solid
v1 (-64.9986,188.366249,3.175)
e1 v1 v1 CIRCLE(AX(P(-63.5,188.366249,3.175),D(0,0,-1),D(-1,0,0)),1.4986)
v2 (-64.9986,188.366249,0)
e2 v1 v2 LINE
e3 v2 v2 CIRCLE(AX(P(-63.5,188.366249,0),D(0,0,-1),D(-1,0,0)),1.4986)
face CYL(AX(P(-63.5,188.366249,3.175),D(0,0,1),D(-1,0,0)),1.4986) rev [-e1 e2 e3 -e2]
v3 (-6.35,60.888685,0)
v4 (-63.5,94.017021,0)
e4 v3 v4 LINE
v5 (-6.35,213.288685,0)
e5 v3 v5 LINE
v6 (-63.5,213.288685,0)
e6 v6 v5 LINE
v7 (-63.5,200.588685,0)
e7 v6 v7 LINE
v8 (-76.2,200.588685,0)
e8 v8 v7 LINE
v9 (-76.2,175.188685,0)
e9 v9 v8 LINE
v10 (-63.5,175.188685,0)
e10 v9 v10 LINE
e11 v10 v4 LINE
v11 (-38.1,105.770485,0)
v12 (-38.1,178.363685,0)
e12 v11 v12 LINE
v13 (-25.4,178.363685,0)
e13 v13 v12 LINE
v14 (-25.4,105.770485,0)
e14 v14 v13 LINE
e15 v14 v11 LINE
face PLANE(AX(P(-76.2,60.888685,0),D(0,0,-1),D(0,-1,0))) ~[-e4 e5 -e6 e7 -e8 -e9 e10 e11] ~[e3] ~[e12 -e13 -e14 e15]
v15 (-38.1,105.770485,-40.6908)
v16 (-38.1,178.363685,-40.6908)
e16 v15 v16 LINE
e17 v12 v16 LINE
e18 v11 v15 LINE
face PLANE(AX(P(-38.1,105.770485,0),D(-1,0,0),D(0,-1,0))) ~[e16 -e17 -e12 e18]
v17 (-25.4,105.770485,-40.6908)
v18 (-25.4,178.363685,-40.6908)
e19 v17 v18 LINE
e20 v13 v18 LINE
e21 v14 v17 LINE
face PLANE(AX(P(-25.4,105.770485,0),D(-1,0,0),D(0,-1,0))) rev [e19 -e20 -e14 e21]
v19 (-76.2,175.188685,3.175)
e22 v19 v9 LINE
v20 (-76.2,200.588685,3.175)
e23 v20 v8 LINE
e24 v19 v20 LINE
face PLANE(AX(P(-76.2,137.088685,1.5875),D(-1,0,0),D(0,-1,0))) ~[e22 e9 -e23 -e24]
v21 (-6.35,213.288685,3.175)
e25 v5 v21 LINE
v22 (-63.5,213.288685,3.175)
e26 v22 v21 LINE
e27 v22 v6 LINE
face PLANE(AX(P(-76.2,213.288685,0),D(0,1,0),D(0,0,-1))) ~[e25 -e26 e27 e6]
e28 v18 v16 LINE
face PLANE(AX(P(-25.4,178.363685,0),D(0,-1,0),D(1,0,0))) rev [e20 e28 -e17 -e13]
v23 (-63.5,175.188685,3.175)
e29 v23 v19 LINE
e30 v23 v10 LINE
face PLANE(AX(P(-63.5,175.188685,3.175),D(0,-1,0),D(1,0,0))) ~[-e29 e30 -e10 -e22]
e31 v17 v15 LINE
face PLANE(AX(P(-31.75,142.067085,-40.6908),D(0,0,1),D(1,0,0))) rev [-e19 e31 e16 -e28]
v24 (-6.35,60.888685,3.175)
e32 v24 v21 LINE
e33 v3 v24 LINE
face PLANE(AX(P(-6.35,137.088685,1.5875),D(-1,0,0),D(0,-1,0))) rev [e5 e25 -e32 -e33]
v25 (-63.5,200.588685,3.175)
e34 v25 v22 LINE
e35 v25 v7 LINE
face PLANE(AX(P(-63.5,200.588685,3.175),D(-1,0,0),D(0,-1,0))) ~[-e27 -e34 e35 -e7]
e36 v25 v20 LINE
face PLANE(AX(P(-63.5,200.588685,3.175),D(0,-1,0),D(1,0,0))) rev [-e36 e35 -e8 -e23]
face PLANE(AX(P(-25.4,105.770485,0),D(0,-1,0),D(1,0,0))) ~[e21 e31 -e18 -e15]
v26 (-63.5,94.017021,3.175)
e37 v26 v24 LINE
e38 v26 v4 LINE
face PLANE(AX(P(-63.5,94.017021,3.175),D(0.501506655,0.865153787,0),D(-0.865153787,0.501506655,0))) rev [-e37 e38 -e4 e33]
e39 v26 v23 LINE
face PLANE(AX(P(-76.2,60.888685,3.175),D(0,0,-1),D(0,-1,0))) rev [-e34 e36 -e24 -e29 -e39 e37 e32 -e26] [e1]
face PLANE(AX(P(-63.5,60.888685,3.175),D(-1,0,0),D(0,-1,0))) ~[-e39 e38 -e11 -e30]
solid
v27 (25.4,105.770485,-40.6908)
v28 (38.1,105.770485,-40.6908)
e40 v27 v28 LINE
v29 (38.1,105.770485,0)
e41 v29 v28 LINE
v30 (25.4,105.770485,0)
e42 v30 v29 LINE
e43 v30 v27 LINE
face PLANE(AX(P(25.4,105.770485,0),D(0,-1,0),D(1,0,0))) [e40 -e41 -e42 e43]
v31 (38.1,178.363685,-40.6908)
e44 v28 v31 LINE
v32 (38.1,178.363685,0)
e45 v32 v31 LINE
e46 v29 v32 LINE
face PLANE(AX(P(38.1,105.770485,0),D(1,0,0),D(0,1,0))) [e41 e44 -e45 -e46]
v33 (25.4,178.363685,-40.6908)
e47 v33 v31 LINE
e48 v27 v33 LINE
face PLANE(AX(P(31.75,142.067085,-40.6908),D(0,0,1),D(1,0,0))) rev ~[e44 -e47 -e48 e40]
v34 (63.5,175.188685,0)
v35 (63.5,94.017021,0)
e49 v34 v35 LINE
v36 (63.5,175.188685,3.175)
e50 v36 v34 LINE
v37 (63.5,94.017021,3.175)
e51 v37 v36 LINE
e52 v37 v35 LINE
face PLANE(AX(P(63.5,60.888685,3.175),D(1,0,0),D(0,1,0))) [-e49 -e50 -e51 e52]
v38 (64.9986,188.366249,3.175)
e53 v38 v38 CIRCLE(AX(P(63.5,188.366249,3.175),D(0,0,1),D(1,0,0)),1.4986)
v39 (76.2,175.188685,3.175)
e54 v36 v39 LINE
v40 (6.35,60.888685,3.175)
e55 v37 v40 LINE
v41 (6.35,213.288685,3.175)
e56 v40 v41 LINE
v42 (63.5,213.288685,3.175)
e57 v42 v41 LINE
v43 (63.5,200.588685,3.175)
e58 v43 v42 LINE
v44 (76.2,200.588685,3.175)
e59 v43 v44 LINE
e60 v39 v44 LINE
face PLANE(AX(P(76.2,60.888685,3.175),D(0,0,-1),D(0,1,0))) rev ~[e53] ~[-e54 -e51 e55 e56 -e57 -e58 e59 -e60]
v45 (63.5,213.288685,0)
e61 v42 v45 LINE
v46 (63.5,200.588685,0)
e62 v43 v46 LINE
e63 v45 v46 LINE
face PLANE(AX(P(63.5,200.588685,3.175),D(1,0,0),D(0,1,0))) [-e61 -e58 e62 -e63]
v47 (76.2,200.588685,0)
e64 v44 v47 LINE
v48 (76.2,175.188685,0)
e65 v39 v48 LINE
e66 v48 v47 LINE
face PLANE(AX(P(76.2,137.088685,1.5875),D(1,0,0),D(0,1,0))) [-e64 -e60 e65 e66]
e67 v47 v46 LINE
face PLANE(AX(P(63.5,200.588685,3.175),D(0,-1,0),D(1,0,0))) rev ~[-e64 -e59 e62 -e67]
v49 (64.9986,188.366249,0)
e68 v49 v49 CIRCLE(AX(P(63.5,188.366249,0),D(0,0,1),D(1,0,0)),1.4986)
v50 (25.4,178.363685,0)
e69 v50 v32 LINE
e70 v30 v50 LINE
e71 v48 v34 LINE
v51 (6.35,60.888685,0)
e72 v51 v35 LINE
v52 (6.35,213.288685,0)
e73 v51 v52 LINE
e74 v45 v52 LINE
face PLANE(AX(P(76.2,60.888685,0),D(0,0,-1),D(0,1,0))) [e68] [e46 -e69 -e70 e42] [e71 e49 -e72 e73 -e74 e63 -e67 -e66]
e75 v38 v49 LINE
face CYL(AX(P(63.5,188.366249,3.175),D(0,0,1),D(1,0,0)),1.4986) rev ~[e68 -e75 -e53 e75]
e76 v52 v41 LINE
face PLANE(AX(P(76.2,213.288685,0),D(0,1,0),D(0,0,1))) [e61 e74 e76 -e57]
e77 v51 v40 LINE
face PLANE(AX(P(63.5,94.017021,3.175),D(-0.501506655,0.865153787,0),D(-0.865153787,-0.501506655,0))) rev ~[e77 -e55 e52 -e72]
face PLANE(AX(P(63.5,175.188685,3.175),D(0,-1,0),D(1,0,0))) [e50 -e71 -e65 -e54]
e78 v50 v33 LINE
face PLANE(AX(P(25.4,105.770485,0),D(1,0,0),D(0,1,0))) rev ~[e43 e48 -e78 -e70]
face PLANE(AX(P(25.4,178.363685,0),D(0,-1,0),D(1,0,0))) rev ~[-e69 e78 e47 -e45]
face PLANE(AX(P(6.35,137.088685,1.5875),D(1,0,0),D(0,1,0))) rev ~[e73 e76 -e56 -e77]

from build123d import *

# Parameters (mm, degrees)
F2_W      = 152.4
F2_H      = 3.175
F3_DEPTH  = 69.85
F4_W      = 12.7
F4_H      = 114.3
F4_H_2    = 12.7
F5_DEPTH  = 254
F6_W      = 50.8
F6_H      = 22.225
F7_DEPTH  = 254
F9_DEPTH  = 254
F10_R     = 1.4986
F11_DEPTH = 254
F13_W     = 12.7
F13_H     = 72.5932
F14_DEPTH = 40.6908


with BuildPart() as f3:
    # F2 (on offset) → F3 (new body)
    with BuildSketch(Plane.YZ.offset(76.2)):
        with Locations((137.088685, 1.5875)):
            Rectangle(F2_W, F2_H)
    extrude(amount=-F3_DEPTH)

    # F4 (on face) → F5 (cut)
    with BuildSketch(Plane.XY.offset(3.175)):
        with Locations((69.85, 118.038685)):
            Rectangle(F4_W, F4_H)
        with Locations((69.85, 206.938685)):
            Rectangle(F4_W, F4_H_2)
    extrude(amount=-F5_DEPTH, mode=Mode.SUBTRACT)

    # F6 (on face) → F7 (cut)
    with BuildSketch(Plane.XZ.offset(-60.888685)):
        with Locations((31.75, 14.2875)):
            Rectangle(F6_W, F6_H)
    extrude(amount=-F7_DEPTH, mode=Mode.SUBTRACT)

    # F8 (on face) → F9 (cut)
    with BuildSketch(Plane.XY.offset(3.175)):
        Polygon((63.5, 94.017021), (6.35, 60.888685), (63.5, 60.888685), align=None)
    extrude(amount=-F9_DEPTH, mode=Mode.SUBTRACT)

    # F10 (on face) → F11 (cut)
    with BuildSketch(Plane.XY.offset(3.175)):
        with Locations((63.5, 188.366249)):
            Circle(F10_R)
    extrude(amount=-F11_DEPTH, mode=Mode.SUBTRACT)

    # F13 (on Top) → F14 (join)
    with BuildSketch(Plane.XY):
        with Locations((31.75, 142.067085)):
            Rectangle(F13_W, F13_H)
    extrude(amount=-F14_DEPTH)


with BuildPart() as f15_1:
    # F15: instance of F3
    add(f3.part.mirror(Plane.YZ))


solid = Compound([f3.part, f15_1.part])
